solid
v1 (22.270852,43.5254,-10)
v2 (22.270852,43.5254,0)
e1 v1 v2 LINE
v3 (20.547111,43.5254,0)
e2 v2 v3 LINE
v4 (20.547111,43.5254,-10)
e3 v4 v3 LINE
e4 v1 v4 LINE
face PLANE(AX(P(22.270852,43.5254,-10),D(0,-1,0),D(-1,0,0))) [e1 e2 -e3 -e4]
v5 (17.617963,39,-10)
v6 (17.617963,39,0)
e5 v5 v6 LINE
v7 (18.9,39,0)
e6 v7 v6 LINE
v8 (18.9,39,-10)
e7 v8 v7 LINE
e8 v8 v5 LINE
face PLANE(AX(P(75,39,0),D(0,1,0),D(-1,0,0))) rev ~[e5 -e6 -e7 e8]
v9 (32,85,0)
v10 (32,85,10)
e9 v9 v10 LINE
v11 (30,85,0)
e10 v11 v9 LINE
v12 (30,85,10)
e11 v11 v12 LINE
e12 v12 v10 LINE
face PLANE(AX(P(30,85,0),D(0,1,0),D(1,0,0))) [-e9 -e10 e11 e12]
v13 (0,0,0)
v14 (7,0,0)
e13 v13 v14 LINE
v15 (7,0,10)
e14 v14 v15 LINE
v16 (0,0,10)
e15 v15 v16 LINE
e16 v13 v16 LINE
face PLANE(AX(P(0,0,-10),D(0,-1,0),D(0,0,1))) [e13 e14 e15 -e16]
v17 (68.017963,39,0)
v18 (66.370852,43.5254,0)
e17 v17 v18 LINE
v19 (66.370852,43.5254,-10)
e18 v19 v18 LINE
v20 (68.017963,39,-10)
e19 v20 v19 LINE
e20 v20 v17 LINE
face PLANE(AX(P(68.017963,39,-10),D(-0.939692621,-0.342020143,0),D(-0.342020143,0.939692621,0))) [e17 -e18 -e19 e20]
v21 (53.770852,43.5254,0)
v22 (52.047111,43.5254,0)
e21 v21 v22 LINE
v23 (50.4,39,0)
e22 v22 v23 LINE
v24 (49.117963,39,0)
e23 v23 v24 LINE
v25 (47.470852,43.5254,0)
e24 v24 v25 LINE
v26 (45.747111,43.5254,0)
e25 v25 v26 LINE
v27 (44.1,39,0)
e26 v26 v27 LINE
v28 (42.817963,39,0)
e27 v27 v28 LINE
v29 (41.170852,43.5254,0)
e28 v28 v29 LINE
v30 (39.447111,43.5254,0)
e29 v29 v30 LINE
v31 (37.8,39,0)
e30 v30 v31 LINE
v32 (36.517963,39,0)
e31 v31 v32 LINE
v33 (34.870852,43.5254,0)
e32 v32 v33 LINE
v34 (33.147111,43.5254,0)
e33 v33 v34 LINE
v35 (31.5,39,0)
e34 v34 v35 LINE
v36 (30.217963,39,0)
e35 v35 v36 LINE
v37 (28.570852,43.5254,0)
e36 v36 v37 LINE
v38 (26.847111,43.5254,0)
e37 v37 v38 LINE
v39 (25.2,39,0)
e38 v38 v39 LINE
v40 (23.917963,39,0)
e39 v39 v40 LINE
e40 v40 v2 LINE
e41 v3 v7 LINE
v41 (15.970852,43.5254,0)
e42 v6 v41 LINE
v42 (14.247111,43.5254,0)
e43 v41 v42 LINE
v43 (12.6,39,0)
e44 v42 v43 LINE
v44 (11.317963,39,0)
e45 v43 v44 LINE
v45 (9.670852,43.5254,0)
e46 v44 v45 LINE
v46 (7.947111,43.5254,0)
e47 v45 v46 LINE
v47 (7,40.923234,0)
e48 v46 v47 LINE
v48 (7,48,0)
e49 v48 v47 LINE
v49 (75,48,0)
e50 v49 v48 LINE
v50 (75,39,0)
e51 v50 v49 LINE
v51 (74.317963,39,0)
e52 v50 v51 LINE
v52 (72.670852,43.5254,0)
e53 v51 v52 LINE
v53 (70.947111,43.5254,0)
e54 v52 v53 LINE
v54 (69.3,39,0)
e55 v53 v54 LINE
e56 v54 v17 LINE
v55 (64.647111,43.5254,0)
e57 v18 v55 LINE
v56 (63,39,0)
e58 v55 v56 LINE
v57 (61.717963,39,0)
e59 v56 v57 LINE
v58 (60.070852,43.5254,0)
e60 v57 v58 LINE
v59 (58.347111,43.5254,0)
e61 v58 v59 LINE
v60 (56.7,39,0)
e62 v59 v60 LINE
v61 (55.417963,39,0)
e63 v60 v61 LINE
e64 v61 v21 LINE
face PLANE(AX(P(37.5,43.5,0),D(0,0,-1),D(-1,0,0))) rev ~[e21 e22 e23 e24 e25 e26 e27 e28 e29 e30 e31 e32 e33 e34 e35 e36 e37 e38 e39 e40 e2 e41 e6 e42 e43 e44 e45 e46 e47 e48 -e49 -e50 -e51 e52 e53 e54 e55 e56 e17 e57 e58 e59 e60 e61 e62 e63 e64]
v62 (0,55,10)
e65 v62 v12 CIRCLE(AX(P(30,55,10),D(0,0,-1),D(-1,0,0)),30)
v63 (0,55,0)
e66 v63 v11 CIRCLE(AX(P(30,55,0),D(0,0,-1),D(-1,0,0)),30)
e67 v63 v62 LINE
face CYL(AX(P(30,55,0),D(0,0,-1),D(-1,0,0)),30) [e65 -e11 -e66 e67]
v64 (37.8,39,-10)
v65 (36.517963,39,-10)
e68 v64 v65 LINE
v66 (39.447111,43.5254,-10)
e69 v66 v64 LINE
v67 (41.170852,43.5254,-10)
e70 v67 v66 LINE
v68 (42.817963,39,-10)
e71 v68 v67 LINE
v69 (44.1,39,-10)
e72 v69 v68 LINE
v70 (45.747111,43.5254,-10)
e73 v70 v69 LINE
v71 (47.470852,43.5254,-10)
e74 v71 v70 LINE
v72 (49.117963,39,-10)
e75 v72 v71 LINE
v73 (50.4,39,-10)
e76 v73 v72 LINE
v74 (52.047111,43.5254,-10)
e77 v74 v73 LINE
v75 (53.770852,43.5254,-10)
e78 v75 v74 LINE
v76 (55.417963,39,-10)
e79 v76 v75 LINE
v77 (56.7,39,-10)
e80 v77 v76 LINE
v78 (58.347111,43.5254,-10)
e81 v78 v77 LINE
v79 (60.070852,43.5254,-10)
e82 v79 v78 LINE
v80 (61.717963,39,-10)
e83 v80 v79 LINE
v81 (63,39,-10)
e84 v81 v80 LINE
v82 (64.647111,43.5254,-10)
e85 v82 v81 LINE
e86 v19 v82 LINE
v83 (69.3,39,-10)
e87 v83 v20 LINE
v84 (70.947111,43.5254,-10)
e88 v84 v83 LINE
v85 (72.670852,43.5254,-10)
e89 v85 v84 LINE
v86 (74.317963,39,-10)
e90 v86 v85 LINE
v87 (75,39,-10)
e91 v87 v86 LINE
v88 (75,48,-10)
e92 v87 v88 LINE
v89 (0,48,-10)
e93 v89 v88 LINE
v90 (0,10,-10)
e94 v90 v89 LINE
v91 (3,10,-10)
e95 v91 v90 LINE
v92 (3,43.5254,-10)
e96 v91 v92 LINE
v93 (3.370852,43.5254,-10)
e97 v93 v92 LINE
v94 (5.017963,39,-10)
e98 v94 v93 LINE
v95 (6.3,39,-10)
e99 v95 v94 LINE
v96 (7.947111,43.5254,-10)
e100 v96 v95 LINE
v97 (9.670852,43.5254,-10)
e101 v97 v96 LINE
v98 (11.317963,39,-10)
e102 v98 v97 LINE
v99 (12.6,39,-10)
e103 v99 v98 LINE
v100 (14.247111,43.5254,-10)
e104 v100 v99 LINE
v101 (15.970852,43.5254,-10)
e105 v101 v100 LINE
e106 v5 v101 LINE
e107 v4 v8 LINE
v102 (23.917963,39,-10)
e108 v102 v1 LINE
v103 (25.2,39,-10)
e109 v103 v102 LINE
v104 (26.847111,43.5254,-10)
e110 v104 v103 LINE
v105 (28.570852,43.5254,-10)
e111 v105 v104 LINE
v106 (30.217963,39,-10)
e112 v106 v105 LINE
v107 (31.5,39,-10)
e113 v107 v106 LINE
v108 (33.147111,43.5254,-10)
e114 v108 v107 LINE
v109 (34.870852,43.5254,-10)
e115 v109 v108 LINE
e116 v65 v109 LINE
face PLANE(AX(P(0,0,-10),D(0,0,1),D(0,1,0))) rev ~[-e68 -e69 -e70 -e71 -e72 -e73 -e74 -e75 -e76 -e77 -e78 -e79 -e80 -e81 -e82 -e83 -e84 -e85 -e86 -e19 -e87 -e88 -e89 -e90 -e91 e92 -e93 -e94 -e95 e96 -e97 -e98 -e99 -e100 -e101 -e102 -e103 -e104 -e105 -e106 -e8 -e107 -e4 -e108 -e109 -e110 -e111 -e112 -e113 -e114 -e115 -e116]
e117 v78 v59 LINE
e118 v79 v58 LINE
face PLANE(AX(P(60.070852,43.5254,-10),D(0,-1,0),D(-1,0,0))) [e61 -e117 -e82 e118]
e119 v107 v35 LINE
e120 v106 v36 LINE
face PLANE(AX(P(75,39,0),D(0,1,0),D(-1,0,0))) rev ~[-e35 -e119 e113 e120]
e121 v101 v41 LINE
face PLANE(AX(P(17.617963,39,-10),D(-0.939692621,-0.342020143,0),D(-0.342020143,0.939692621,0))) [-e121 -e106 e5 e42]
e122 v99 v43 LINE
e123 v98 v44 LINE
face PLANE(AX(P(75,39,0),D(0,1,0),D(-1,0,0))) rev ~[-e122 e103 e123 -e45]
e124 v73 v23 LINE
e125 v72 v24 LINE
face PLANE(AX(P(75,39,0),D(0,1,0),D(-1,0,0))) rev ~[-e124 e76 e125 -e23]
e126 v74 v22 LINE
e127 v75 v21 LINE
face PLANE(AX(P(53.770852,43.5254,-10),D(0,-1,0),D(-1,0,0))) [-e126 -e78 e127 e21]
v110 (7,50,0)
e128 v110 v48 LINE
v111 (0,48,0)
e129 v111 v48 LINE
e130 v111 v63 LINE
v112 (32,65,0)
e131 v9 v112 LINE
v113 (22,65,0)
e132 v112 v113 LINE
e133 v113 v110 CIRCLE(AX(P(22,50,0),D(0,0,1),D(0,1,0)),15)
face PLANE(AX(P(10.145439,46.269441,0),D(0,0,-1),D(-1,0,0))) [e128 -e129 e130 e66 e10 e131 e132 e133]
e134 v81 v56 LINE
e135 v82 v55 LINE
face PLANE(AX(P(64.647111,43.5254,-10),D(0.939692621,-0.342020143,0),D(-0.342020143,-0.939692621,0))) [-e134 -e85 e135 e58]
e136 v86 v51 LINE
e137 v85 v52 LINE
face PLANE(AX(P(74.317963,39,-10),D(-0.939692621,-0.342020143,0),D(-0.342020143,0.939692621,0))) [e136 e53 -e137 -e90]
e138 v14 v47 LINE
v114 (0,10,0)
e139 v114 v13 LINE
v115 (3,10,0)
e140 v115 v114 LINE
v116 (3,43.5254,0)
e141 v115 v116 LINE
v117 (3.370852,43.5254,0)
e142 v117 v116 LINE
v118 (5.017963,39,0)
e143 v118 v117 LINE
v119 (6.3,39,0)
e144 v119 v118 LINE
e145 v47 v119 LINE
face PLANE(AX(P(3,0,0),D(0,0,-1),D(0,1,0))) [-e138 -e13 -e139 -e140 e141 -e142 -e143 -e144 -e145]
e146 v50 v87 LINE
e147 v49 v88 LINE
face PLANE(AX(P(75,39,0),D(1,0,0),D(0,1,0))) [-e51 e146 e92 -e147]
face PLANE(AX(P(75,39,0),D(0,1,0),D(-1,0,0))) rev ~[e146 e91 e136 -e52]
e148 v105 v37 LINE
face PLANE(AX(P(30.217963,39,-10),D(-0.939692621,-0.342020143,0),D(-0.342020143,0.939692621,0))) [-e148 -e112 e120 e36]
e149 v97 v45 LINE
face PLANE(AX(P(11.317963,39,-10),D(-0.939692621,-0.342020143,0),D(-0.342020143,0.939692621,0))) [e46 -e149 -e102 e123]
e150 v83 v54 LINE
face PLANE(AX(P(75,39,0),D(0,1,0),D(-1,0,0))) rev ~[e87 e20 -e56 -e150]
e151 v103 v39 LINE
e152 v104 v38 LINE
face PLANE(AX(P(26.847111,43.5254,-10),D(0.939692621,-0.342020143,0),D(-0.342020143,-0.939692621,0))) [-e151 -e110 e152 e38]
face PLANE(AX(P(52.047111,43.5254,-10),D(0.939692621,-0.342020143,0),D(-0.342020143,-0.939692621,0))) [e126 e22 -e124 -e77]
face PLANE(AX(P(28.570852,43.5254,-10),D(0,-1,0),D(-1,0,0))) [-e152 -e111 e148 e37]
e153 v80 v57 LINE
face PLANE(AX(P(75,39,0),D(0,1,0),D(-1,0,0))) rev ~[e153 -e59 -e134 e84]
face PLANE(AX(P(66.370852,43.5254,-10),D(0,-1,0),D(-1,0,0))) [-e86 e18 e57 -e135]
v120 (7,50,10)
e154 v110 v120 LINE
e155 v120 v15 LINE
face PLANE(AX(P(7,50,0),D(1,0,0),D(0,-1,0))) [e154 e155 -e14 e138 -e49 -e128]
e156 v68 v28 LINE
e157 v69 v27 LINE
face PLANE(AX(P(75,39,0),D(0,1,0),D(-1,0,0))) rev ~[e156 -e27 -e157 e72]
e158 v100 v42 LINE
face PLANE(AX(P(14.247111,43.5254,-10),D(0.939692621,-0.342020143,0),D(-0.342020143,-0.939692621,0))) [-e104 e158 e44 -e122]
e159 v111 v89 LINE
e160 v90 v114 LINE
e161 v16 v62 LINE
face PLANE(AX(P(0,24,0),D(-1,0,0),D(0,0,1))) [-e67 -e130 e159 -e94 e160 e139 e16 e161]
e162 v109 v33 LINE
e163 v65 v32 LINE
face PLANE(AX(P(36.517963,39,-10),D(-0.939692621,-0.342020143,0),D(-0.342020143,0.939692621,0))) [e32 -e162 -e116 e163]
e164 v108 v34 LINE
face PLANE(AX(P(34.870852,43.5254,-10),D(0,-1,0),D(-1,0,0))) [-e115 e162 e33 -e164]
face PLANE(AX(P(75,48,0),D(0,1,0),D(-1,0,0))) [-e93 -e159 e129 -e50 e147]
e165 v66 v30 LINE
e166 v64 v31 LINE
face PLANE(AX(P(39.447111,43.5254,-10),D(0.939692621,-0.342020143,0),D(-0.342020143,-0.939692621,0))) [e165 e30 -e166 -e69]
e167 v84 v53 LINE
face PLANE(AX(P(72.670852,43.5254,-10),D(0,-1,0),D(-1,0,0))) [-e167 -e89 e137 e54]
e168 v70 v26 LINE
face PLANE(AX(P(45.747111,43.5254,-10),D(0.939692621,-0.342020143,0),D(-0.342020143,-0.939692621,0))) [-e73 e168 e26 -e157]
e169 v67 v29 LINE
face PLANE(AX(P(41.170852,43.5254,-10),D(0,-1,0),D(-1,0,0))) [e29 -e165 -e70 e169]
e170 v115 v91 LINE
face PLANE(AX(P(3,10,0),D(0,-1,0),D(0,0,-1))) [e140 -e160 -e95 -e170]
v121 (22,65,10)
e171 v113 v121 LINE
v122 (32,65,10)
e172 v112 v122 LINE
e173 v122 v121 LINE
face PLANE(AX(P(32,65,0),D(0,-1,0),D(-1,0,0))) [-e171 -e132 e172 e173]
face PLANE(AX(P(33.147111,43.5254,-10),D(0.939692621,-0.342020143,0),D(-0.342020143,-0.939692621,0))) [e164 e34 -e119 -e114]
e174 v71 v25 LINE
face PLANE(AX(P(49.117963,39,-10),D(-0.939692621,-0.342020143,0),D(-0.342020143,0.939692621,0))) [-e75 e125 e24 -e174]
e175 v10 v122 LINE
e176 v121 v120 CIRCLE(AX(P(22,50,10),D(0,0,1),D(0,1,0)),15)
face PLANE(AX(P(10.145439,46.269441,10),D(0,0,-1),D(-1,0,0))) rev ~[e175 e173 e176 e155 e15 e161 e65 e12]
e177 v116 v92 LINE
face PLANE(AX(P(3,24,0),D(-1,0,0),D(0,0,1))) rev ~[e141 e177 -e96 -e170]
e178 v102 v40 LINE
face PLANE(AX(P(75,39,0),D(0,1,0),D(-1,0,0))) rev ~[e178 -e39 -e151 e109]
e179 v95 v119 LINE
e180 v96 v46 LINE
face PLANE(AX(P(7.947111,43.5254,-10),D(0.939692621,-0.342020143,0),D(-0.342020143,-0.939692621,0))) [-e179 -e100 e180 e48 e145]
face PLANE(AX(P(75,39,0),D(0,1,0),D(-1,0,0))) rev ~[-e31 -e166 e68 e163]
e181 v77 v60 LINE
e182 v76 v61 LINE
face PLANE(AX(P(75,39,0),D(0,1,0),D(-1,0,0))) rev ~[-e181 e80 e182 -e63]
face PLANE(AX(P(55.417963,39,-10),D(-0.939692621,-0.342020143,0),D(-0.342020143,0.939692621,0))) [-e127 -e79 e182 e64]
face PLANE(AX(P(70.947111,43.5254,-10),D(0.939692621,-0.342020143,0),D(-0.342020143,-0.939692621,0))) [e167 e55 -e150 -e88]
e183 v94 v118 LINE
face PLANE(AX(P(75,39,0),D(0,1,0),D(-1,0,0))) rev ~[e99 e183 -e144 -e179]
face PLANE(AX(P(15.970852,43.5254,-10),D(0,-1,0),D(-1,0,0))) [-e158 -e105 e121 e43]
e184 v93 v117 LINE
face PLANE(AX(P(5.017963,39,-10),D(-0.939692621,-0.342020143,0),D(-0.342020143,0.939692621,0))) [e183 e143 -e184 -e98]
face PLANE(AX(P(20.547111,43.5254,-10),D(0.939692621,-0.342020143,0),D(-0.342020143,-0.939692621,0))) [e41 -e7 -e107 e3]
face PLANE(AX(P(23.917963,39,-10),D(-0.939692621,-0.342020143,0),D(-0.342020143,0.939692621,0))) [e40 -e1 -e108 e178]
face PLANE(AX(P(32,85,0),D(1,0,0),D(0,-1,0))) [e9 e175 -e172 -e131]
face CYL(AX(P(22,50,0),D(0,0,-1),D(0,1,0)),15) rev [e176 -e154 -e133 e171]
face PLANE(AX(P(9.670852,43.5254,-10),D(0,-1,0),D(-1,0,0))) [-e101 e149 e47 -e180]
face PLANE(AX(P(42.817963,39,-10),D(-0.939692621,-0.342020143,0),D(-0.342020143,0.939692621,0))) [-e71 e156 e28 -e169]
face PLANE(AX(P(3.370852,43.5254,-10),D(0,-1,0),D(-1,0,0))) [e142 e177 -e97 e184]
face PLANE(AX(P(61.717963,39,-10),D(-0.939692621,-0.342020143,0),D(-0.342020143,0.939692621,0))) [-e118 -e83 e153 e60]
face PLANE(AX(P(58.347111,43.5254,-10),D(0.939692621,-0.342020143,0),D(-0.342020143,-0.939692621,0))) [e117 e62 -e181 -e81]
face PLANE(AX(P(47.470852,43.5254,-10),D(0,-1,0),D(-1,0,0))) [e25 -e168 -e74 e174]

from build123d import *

# Parameters (mm, degrees)
BOSS_EXTRUDE1_DEPTH             = 10
SKIZZE2_W                       = 75
SKIZZE2_H                       = 9
AUFSATZ_LINEAR_AUSTRAGEN1_DEPTH = 10
SCHNITT_LINEAR_AUSTRAGEN2_DEPTH = 10
SKIZZE4_W                       = 20
SKIZZE4_H                       = 48
AUFSATZ_LINEAR_AUSTRAGEN2_DEPTH = 3
SKIZZE5_W                       = 10
SKIZZE5_H                       = 10
SCHNITT_LINEAR_AUSTRAGEN3_DEPTH = 10


with BuildPart() as part:
    # Sketch1 → Boss-Extrude1 (new body)
    with BuildSketch(Plane.XY):
        with BuildLine():
            Line((7, 0), (0, 0))
            Line((0, 0), (0, 47.7))
            Line((0, 47.7), (0, 55))
            ThreePointArc((0, 55), (8.786796564, 76.213203436), (30, 85))
            Line((30, 85), (32, 85))
            Line((32, 85), (32, 65))
            Line((32, 65), (22, 65))
            ThreePointArc((22, 65), (11.393398282, 60.606601718), (7, 50))
            Line((7, 50), (7, 0))
        make_face()
    extrude(amount=BOSS_EXTRUDE1_DEPTH)

    # Skizze2 → Aufsatz-Linear austragen1 (add)
    with BuildSketch(Plane(origin=(0, 0, 0), x_dir=(-1, 0, 0), z_dir=(0, 0, -1))):
        with Locations((-37.5, 43.5)):
            Rectangle(SKIZZE2_W, SKIZZE2_H)
    extrude(amount=AUFSATZ_LINEAR_AUSTRAGEN1_DEPTH)

    # Skizze3 → Schnitt-Linear austragen2 (cut)
    with BuildSketch(Plane(origin=(0, 0, -10), x_dir=(-1, 0, 0), z_dir=(0, 0, -1))):
        Polygon((-3.370852377, 43.5254), (-1.647110898, 43.5254), (0, 39), (-5.017963275, 39), align=None)
        Polygon((-9.670852377, 43.5254), (-7.947110898, 43.5254), (-6.3, 39), (-11.317963275, 39), align=None)
        Polygon((-15.970852377, 43.5254), (-14.247110898, 43.5254), (-12.6, 39), (-17.617963275, 39), align=None)
        Polygon((-22.270852377, 43.5254), (-20.547110898, 43.5254), (-18.9, 39), (-23.917963275, 39), align=None)
        Polygon((-28.570852377, 43.5254), (-26.847110898, 43.5254), (-25.2, 39), (-30.217963275, 39), align=None)
        Polygon((-34.870852377, 43.5254), (-33.147110898, 43.5254), (-31.5, 39), (-36.517963275, 39), align=None)
        Polygon((-41.170852377, 43.5254), (-39.447110898, 43.5254), (-37.8, 39), (-42.817963275, 39), align=None)
        Polygon((-47.470852377, 43.5254), (-45.747110898, 43.5254), (-44.1, 39), (-49.117963275, 39), align=None)
        Polygon((-53.770852377, 43.5254), (-52.047110898, 43.5254), (-50.4, 39), (-55.417963275, 39), align=None)
        Polygon((-60.070852377, 43.5254), (-58.347110898, 43.5254), (-56.7, 39), (-61.717963275, 39), align=None)
        Polygon((-66.370852377, 43.5254), (-64.647110898, 43.5254), (-63, 39), (-68.017963275, 39), align=None)
        Polygon((-72.670852377, 43.5254), (-70.947110898, 43.5254), (-69.3, 39), (-74.317963275, 39), align=None)
    extrude(amount=-SCHNITT_LINEAR_AUSTRAGEN2_DEPTH, mode=Mode.SUBTRACT)

    # Skizze4 → Aufsatz-Linear austragen2 (add)
    with BuildSketch(Plane.ZY):
        with Locations((0, 24)):
            Rectangle(SKIZZE4_W, SKIZZE4_H)
    extrude(amount=-AUFSATZ_LINEAR_AUSTRAGEN2_DEPTH)

    # Skizze5 → Schnitt-Linear austragen3 (cut)
    with BuildSketch(Plane(origin=(3, 0, 0), x_dir=(0, 0, -1), z_dir=(1, 0, 0))):
        with Locations((5, 5)):
            Rectangle(SKIZZE5_W, SKIZZE5_H)
    extrude(amount=-SCHNITT_LINEAR_AUSTRAGEN3_DEPTH, mode=Mode.SUBTRACT)


solid = part.part
